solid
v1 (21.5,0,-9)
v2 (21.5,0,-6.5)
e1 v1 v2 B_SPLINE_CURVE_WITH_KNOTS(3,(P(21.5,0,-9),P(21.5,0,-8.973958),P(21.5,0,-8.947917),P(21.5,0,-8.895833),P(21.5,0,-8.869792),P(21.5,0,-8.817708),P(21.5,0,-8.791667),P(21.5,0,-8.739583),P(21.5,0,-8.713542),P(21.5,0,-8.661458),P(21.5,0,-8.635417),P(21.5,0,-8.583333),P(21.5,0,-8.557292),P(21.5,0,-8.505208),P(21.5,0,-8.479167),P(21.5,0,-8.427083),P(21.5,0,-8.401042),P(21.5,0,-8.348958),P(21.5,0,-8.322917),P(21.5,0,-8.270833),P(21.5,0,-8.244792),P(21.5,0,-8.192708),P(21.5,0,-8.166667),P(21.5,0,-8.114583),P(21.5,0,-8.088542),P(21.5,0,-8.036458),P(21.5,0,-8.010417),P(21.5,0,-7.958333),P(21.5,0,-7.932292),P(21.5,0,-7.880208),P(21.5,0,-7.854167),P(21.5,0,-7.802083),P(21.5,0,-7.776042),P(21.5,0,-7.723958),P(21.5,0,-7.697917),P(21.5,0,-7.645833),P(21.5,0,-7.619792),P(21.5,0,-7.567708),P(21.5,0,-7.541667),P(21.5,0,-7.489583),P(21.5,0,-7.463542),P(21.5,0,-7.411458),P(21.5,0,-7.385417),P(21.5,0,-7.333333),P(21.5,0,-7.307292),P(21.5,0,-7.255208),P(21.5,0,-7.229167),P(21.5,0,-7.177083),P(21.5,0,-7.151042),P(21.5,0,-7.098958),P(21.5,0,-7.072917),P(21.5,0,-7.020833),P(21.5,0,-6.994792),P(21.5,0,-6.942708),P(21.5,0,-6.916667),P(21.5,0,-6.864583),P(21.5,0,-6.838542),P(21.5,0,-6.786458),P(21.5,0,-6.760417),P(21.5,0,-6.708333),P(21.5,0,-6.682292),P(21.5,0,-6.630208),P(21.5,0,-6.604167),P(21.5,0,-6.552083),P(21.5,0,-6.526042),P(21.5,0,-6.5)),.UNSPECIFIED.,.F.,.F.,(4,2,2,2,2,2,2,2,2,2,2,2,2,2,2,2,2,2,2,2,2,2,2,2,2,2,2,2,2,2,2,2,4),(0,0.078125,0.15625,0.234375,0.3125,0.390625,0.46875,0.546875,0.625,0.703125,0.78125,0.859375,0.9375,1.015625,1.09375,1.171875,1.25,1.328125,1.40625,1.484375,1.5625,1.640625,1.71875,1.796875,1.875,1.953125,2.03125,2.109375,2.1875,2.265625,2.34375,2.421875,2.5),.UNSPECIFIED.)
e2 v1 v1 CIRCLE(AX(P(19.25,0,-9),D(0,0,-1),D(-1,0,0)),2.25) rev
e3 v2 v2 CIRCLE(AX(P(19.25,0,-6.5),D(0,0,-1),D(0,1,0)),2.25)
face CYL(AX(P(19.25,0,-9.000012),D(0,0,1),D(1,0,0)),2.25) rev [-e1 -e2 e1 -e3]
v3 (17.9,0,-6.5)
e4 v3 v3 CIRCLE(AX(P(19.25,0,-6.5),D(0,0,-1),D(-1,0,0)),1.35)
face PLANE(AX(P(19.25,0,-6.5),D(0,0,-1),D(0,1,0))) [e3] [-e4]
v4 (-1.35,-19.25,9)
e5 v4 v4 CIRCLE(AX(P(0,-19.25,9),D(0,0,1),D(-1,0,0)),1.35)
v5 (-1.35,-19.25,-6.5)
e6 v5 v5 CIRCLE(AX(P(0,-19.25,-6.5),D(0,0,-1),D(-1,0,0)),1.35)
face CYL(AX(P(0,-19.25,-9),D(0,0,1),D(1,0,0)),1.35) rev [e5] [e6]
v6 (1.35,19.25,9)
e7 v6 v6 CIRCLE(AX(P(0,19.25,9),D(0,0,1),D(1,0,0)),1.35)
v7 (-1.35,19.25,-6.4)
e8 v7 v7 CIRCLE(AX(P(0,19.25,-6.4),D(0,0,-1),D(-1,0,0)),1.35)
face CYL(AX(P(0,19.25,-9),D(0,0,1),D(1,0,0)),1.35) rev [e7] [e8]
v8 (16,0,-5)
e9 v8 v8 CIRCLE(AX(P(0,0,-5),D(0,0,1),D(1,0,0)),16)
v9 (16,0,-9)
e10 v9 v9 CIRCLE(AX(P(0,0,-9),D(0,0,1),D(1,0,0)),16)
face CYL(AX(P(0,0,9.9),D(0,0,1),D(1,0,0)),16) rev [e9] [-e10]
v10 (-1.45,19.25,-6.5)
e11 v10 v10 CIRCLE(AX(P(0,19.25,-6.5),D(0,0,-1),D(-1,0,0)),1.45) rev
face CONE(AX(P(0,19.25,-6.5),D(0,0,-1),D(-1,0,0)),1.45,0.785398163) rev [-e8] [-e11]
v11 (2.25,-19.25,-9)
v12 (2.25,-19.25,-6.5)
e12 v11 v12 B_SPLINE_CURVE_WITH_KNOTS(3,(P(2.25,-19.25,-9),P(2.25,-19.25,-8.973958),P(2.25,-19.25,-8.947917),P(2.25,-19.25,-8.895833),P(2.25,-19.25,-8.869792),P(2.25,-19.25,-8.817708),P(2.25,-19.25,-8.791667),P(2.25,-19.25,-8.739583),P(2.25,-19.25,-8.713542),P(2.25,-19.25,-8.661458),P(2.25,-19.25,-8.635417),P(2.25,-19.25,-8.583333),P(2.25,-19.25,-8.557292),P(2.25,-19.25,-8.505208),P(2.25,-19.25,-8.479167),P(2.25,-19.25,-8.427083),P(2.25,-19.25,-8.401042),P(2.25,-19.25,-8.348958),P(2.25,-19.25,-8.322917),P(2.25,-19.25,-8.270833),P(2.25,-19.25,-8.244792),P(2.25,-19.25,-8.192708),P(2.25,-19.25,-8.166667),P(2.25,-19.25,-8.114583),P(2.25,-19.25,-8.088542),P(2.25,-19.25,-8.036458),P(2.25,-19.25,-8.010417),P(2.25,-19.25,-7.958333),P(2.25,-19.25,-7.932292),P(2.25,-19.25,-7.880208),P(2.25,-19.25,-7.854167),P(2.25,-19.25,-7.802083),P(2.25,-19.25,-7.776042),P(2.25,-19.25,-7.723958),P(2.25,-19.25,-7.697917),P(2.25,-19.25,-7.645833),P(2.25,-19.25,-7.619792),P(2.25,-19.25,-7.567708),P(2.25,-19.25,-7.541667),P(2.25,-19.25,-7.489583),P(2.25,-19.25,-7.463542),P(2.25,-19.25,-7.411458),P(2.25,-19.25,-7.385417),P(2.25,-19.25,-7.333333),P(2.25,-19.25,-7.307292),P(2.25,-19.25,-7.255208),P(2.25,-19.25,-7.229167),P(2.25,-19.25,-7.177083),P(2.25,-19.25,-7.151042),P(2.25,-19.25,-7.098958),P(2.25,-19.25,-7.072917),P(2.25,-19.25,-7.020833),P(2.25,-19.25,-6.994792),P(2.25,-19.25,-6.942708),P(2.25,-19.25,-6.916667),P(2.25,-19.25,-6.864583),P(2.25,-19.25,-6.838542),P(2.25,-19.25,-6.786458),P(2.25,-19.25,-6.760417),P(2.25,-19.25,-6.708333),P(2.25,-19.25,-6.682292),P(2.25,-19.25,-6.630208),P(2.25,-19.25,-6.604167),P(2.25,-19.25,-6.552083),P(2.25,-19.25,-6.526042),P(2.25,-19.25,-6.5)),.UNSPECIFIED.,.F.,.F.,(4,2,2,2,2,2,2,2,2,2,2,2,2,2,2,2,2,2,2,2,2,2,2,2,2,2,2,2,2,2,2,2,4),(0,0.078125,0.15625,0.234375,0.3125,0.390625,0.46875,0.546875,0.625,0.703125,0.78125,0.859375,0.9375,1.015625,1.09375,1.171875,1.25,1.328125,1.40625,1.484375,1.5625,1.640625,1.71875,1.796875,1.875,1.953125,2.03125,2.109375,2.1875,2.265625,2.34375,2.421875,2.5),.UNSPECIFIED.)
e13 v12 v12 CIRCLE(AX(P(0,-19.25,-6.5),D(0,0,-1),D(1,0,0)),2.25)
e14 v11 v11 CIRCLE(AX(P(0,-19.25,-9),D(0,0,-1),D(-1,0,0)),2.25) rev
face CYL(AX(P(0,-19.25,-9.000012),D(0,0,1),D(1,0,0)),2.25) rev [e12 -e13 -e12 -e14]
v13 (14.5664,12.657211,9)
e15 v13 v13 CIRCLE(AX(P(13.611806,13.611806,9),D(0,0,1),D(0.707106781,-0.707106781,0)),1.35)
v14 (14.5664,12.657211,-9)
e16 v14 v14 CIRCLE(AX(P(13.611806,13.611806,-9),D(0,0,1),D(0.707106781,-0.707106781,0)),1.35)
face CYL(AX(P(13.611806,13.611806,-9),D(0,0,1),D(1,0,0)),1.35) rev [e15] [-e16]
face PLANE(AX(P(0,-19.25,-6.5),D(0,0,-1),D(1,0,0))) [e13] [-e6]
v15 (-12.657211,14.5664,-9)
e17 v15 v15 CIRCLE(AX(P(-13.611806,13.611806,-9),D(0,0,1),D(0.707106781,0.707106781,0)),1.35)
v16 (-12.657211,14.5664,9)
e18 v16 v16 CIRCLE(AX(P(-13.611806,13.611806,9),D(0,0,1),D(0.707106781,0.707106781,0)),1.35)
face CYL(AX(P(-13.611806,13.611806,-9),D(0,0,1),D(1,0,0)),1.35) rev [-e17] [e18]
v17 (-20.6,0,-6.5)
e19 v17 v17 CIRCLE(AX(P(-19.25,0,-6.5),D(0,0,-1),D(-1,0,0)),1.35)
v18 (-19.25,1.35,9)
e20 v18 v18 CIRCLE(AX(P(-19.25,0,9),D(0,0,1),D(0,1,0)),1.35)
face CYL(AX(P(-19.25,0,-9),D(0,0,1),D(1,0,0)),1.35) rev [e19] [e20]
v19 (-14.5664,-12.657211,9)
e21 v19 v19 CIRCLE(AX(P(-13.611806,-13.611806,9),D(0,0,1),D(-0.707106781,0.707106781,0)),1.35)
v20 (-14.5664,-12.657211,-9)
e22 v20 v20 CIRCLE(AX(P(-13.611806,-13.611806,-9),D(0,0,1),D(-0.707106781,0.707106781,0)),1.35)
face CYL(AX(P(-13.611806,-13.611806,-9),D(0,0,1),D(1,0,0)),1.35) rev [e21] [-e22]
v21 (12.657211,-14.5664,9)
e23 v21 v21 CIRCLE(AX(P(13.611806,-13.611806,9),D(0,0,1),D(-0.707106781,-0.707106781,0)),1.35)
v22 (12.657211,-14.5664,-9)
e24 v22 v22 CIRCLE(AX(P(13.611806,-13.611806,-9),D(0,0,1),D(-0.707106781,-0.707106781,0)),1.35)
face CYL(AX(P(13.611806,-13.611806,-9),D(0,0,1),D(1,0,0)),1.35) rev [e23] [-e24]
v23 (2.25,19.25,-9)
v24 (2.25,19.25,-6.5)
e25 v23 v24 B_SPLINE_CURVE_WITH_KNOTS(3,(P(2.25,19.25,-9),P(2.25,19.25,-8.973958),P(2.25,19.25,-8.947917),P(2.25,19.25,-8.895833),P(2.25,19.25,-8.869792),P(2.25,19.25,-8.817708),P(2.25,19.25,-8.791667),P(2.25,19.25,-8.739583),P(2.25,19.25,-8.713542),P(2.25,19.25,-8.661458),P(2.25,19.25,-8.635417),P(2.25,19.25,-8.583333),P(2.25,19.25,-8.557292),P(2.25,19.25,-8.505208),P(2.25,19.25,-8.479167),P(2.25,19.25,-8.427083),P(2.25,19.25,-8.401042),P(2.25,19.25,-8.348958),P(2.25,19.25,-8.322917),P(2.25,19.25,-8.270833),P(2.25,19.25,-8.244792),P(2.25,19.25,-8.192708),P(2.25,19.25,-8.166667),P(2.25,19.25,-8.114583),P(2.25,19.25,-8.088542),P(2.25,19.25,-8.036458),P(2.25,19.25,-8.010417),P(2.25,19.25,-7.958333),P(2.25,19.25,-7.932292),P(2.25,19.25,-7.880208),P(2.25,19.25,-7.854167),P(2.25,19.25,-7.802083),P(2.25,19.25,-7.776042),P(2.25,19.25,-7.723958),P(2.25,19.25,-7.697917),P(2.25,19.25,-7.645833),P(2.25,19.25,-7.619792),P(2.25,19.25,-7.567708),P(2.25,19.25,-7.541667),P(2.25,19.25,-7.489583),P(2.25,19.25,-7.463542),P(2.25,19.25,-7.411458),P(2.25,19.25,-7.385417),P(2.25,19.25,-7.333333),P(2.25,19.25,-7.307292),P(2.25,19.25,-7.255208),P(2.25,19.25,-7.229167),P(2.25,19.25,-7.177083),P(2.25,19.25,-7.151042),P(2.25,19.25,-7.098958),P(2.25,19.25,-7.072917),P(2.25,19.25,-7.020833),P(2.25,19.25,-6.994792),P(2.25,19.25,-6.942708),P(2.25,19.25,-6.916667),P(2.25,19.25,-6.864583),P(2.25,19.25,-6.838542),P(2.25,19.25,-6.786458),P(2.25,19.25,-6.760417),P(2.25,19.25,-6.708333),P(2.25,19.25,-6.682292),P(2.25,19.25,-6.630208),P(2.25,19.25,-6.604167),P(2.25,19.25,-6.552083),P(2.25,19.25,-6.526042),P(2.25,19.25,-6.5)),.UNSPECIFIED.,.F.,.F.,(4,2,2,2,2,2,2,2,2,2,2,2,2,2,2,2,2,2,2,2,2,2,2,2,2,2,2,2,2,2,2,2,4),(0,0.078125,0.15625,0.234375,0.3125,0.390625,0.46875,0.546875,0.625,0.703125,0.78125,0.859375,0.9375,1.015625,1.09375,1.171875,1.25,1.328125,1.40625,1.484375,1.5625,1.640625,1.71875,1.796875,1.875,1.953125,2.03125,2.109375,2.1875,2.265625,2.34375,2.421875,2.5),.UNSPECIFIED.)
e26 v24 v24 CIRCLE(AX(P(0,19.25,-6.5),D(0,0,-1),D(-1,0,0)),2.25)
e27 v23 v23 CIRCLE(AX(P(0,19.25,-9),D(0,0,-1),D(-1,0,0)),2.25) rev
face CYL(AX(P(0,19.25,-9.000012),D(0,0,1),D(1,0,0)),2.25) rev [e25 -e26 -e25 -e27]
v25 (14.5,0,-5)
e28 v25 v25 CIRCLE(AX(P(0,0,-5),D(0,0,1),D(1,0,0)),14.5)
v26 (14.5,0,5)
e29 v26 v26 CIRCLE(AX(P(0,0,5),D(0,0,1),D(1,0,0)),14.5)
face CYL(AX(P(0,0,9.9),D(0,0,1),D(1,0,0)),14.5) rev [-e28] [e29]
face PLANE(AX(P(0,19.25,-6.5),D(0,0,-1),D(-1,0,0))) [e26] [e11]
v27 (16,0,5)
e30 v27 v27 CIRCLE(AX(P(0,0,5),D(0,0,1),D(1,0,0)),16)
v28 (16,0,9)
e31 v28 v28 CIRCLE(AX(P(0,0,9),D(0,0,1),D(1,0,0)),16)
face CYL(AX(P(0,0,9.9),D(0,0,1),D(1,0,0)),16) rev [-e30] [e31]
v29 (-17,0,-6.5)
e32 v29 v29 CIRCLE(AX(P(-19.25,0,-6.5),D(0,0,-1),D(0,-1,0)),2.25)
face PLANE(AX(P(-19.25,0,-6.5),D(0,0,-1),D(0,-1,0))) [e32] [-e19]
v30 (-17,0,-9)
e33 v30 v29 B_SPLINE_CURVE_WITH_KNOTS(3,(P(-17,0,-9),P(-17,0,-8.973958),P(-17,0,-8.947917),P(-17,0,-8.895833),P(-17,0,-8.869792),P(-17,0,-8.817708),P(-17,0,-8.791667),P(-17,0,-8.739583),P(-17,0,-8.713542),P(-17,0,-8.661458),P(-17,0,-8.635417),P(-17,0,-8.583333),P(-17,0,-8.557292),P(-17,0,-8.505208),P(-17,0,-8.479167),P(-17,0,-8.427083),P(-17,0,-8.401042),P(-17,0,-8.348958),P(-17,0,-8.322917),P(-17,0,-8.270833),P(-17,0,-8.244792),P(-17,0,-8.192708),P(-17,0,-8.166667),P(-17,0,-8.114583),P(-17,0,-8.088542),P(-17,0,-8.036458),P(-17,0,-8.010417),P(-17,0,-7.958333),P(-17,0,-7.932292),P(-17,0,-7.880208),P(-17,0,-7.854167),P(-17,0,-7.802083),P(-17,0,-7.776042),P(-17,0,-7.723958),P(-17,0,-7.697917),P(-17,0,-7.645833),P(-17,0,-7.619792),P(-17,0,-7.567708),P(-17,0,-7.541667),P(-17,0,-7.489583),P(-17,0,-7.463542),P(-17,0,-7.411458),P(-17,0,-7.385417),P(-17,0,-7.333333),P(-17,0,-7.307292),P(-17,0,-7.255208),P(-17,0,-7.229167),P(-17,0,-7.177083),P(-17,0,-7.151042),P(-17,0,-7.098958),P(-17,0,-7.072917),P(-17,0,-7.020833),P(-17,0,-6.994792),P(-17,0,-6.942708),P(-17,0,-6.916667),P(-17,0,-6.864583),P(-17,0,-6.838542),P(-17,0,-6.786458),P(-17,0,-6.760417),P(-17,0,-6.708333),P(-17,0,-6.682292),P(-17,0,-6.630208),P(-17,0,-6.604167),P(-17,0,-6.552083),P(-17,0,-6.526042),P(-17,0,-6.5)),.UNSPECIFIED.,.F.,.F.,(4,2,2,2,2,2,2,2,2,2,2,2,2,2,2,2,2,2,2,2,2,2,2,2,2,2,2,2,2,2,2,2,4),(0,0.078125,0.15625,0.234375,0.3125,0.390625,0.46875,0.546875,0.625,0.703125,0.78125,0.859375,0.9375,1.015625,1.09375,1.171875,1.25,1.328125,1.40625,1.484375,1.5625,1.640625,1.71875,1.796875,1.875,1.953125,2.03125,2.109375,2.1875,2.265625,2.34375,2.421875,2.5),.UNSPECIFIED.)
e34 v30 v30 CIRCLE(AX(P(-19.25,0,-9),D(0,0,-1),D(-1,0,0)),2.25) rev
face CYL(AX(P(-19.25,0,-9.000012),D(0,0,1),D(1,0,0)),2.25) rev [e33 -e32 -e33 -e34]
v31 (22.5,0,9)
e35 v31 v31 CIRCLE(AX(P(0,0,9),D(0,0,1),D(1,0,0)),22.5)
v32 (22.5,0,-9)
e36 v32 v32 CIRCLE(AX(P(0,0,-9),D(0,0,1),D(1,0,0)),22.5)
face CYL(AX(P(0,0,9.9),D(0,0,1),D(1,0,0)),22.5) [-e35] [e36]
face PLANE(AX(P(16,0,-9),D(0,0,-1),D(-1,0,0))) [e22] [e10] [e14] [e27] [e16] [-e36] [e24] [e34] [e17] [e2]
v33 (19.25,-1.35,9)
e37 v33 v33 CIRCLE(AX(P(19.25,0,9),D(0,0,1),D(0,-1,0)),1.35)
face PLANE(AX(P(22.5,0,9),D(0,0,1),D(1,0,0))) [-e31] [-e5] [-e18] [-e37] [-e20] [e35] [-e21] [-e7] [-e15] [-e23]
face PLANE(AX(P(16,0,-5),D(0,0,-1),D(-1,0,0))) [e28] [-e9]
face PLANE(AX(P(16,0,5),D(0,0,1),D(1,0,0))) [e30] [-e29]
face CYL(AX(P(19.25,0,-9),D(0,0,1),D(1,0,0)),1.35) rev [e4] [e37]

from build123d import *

# Parameters (mm, degrees)
SKETCH3_R          = 1.35
CUT_EXTRUDE2_DEPTH = 34.068111528
CUT_EXTRUDE4_START = -2.5
SKETCH4_R          = 2.25
CUT_EXTRUDE4_DEPTH = 40.058172821
CHAMFER1_SIZE      = 0.1
CIRPATTERN3_COUNT  = 4
CIRPATTERN2_COUNT  = 8


with BuildPart() as part:
    # Sketch7 → Revolve1 (revolve)
    with BuildSketch(Plane(origin=(0, 0, 0), x_dir=(1, 0, 0), z_dir=(0, 1, 0))):
        Polygon((16, 9), (16, 5), (14.5, 5), (14.5, -5), (16, -5), (16, -9), (22.5, -9), (22.5, 9), align=None)
    revolve(axis=Axis((0, 0, 9.9), (0, 0, -1)))

    # Sketch3 → Cut-Extrude2 (cut, symmetric)
    with BuildSketch(Plane.XY):
        with Locations((0, 19.25)):
            Circle(SKETCH3_R)
    cut_extrude2 = extrude(amount=CUT_EXTRUDE2_DEPTH, both=True, mode=Mode.SUBTRACT)

    # Sketch4 → Cut-Extrude4 (cut)
    with BuildSketch(Plane(origin=(0, 0, -9), x_dir=(-1, 0, 0), z_dir=(0, 0, -1)).offset(CUT_EXTRUDE4_START)):
        with Locations(Location((0, 19.25, 0), (0, 0, 180))):
            Circle(SKETCH4_R)
    cut_extrude4 = extrude(amount=CUT_EXTRUDE4_DEPTH, mode=Mode.SUBTRACT)

    # Chamfer1
    chamfer1_edges = [part.edges().sort_by_distance(p)[0] for p in [
        (-1.35, 19.25, -6.5),
    ]]
    chamfer(chamfer1_edges, length=CHAMFER1_SIZE)

    # CirPattern3: Cut-Extrude4 ×4 about axis
    cirpattern3_axis = Axis((0, 0, 0), (0, 0, 1))
    for i in range(1, CIRPATTERN3_COUNT):
        add(cut_extrude4.rotate(cirpattern3_axis, i * 360 / CIRPATTERN3_COUNT), mode=Mode.SUBTRACT)

    # CirPattern2: Cut-Extrude2 ×8 about axis
    cirpattern2_axis = Axis((0, 0, 0), (0, 0, 1))
    for i in range(1, CIRPATTERN2_COUNT):
        add(cut_extrude2.rotate(cirpattern2_axis, i * 360 / CIRPATTERN2_COUNT), mode=Mode.SUBTRACT)


solid = part.part
